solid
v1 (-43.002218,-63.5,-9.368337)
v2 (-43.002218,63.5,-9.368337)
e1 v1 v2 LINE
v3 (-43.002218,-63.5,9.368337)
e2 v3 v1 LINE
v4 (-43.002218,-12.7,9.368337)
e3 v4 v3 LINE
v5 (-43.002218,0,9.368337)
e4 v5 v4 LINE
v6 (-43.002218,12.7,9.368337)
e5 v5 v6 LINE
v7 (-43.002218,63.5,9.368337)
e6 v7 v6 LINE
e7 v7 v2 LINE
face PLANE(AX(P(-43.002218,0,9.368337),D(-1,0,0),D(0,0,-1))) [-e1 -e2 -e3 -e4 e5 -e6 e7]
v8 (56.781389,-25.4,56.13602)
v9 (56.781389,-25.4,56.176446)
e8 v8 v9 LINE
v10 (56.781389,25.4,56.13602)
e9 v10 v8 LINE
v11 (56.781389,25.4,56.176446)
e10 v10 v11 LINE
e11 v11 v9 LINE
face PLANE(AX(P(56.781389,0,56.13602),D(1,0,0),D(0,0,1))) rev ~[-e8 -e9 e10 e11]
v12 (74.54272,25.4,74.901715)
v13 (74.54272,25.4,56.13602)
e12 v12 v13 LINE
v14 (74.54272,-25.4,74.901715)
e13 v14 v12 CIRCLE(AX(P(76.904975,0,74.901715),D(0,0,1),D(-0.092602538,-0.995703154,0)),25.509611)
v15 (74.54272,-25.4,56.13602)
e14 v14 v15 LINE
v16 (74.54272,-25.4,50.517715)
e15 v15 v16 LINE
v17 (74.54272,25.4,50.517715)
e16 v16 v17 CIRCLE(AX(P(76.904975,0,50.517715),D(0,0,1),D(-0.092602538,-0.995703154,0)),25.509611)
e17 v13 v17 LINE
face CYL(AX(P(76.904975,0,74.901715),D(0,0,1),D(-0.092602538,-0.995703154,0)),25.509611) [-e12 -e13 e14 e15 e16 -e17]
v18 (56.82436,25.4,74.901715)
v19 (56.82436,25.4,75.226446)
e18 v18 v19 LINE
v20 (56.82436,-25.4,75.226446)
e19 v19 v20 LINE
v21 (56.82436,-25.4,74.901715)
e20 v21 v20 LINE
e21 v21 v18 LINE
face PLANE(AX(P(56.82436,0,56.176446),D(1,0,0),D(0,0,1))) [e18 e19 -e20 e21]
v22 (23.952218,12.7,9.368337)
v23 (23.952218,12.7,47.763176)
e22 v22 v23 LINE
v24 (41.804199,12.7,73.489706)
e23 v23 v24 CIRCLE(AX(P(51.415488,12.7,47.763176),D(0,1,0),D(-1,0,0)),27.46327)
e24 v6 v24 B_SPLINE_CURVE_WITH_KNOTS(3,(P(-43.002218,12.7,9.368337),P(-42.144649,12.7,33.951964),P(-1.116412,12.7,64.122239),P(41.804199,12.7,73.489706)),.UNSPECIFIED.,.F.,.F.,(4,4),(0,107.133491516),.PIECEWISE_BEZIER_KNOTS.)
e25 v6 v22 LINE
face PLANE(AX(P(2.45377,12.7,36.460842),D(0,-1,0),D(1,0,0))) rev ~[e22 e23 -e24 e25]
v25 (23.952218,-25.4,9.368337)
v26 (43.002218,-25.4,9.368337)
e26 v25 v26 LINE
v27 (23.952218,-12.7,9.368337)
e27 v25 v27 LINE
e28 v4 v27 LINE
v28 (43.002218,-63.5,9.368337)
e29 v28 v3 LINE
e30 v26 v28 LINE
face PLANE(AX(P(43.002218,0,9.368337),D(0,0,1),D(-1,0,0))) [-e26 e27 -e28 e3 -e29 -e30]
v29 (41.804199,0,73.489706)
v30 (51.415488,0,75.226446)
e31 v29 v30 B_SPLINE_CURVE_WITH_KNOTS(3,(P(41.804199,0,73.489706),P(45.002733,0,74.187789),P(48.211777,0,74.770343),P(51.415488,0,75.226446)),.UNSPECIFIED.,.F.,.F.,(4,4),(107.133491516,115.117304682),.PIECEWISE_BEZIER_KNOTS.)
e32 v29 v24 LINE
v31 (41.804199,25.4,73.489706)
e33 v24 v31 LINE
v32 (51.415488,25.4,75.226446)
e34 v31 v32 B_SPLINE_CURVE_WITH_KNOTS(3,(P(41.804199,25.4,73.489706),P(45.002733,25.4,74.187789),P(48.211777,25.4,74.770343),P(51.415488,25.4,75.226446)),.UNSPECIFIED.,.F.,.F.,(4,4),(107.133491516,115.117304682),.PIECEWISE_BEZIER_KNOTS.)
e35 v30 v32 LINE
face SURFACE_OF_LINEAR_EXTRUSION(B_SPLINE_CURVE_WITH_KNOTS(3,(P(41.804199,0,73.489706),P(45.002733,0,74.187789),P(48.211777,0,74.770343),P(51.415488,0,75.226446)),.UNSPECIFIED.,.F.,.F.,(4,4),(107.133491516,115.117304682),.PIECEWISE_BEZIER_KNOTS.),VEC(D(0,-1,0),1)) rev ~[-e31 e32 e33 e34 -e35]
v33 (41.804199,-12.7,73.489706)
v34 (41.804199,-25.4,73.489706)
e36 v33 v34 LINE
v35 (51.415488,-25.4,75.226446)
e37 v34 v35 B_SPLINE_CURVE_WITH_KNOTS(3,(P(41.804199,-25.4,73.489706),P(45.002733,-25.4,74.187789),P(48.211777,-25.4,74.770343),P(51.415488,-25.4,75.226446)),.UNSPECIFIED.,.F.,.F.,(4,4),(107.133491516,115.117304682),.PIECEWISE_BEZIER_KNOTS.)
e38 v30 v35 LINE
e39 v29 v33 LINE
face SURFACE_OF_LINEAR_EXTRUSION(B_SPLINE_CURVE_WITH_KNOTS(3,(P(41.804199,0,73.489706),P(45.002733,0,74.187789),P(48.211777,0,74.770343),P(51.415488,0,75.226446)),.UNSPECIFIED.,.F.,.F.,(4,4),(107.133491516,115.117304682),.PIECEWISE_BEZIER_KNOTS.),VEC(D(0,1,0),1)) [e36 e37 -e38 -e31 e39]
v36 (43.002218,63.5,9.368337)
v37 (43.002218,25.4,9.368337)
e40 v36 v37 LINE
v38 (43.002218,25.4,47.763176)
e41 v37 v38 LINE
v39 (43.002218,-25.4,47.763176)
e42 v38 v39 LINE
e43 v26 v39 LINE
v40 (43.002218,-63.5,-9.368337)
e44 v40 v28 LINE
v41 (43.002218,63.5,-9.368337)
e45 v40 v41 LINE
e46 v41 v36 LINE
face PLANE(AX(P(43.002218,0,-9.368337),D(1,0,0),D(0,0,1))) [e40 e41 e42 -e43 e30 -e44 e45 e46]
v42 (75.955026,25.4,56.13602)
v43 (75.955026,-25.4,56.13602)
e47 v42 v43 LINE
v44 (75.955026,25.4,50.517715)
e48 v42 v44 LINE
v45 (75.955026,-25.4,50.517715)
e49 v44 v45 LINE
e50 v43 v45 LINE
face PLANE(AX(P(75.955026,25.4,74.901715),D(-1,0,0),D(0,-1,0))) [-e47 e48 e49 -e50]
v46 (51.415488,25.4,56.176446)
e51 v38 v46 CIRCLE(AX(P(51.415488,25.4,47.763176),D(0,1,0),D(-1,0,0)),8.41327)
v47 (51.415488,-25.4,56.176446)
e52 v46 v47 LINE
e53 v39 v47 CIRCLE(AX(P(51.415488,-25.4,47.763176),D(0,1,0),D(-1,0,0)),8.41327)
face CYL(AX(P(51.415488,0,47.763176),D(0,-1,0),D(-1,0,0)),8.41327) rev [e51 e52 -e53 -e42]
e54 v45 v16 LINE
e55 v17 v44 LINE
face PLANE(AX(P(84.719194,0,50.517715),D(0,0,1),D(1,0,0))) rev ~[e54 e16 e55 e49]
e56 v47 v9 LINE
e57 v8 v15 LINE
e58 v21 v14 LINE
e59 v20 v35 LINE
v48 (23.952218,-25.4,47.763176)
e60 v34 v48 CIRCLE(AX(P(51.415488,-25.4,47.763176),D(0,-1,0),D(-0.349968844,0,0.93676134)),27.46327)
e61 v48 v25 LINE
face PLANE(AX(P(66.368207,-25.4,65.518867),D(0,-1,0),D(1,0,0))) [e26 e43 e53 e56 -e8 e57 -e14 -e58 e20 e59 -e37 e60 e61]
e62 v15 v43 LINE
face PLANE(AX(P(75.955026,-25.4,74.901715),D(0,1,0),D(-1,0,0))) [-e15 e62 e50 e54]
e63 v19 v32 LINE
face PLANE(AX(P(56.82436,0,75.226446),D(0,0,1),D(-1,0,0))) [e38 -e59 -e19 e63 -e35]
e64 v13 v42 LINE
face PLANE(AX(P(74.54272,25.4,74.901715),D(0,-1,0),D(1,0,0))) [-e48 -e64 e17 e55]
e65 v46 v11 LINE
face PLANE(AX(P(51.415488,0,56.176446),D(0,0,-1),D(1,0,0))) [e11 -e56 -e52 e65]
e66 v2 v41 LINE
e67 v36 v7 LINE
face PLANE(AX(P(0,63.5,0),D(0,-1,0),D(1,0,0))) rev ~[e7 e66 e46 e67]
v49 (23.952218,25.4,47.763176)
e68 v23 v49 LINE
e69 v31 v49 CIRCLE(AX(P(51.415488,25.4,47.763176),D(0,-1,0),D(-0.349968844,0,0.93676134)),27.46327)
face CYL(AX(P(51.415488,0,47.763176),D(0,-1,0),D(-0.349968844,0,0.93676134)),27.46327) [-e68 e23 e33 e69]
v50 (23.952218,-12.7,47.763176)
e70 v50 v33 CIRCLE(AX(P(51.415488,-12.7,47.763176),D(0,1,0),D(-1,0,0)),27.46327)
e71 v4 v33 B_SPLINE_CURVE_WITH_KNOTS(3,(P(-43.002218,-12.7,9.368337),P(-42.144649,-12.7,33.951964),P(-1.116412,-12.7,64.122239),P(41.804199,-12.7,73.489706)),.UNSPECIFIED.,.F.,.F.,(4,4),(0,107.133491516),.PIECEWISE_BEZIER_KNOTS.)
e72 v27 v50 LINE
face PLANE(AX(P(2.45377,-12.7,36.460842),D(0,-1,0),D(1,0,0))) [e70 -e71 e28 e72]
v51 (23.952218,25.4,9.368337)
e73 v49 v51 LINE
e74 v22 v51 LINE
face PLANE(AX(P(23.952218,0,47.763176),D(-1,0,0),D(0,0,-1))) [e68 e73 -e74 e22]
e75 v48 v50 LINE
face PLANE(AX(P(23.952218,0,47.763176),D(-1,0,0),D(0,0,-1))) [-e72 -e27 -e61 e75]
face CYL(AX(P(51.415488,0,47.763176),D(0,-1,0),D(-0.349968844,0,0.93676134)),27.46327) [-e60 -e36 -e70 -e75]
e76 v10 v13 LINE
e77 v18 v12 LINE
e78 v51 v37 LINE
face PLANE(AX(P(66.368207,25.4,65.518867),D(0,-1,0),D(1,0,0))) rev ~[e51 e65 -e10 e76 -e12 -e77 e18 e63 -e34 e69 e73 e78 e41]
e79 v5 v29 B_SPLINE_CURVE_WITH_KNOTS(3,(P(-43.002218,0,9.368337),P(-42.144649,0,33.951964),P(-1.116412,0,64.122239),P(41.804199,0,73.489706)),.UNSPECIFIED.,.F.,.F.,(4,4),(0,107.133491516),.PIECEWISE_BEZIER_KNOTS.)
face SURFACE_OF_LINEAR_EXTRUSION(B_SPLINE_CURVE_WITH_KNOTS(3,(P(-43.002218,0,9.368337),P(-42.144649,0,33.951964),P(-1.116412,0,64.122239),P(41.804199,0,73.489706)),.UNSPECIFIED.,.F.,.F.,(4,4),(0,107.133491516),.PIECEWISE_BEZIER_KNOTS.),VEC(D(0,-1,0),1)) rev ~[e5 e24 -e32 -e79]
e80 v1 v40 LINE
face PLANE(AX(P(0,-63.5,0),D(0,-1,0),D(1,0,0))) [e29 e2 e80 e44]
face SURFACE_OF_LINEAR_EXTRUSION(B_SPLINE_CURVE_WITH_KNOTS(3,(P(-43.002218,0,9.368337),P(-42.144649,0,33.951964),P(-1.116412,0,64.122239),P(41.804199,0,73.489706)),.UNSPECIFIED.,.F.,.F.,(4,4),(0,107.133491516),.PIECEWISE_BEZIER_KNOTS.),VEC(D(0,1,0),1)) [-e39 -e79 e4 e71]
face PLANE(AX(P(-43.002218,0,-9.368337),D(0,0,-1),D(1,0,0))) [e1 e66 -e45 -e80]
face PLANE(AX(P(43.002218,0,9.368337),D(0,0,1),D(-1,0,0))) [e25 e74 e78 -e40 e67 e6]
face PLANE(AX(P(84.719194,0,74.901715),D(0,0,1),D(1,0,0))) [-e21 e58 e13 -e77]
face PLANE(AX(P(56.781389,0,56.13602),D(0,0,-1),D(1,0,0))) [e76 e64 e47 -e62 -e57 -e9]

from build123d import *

# Parameters (mm, degrees)
F1_DEPTH = 63.5
F2_DEPTH = 25.4
F3_DEPTH = 12.7
F4_W     = 19.1736370325
F4_H     = 18.7656953931
F5_DEPTH = 25.4
F8_DEPTH = 24.384


with BuildPart() as f1:
    # F0 (on Front) → F1 (new body, symmetric)
    with BuildSketch(Plane.XZ):
        Polygon((43.002218008, -9.3683367595), (43.002218008, 9.3683367595), (23.952218008, 9.3683367595), (-43.002218008, 9.3683367595), (-43.002218008, -9.3683367595), align=None)
    extrude(amount=F1_DEPTH, both=True)

    # F0 (on Front) → F2 (join, symmetric)
    with BuildSketch(Plane.XZ):
        with BuildLine():
            Line((23.952218008, 9.3683367595), (43.002218008, 9.3683367595))
            Line((43.002218008, 9.3683367595), (43.002218008, 47.7631762624))
            ThreePointArc((43.002218008, 47.7631762624), (45.4664077762, 53.712256621), (51.4154881348, 56.1764463891))
            Line((51.4154881348, 56.1764463891), (56.8243600428, 56.1764463891))
            Line((56.8243600428, 56.1764463891), (56.8243600428, 75.2264463891))
            Line((56.8243600428, 75.2264463891), (51.4154881348, 75.2264463891))
            add(Edge.make_bspline(
                [(41.8041992357, 73.4897059886), (45.002733463, 74.1877892991), (48.2117770705, 74.7703432953), (51.4154881348, 75.2264463891)],
                knots=[107.1334915157, 107.1334915157, 107.1334915157, 107.1334915157, 115.1173046821, 115.1173046821, 115.1173046821, 115.1173046821], degree=3))
            ThreePointArc((41.8041992357, 73.4897059886), (28.8523696739, 63.4200243288), (23.952218008, 47.7631762624))
            Line((23.952218008, 47.7631762624), (23.952218008, 9.3683367595))
        make_face()
    extrude(amount=F2_DEPTH, both=True)

    # F0 (on Front) → F3 (join, symmetric)
    with BuildSketch(Plane.XZ):
        with BuildLine():
            Line((-43.002218008, 9.3683367595), (23.952218008, 9.3683367595))
            Line((23.952218008, 9.3683367595), (23.952218008, 47.7631762624))
            ThreePointArc((23.952218008, 47.7631762624), (28.8523696739, 63.4200243288), (41.8041992357, 73.4897059886))
            add(Edge.make_bspline(
                [(-43.002218008, 9.3683367595), (-42.1446492068, 33.9519638821), (-1.1164118011, 64.1222394823), (41.8041992357, 73.4897059886)],
                knots=[0, 0, 0, 0, 107.1334915157, 107.1334915157, 107.1334915157, 107.1334915157], degree=3))
        make_face()
    extrude(amount=F3_DEPTH, both=True)

    # F4 (on Front) → F5 (join, symmetric)
    with BuildSketch(Plane.XZ):
        with Locations((66.3682073355, 65.5188672245)):
            Rectangle(F4_W, F4_H)
    extrude(amount=F5_DEPTH, both=True)

    # F7 (on face) → F8 (join)
    with BuildSketch(Plane.XY.offset(74.901714921)):
        with BuildLine():
            ThreePointArc((74.5427201599, -25.4), (94.0875248733, -18.8547135488), (102.4145857599, 0))
            ThreePointArc((102.4145857599, 0), (94.0875248733, 18.8547135488), (74.5427201599, 25.4))
            Line((74.5427201599, 25.4), (75.9550258517, 25.4))
            Line((75.9550258517, 25.4), (75.9550258517, -25.4))
            Line((75.9550258517, -25.4), (74.5427201599, -25.4))
        make_face()
    extrude(amount=-F8_DEPTH)


solid = f1.part
